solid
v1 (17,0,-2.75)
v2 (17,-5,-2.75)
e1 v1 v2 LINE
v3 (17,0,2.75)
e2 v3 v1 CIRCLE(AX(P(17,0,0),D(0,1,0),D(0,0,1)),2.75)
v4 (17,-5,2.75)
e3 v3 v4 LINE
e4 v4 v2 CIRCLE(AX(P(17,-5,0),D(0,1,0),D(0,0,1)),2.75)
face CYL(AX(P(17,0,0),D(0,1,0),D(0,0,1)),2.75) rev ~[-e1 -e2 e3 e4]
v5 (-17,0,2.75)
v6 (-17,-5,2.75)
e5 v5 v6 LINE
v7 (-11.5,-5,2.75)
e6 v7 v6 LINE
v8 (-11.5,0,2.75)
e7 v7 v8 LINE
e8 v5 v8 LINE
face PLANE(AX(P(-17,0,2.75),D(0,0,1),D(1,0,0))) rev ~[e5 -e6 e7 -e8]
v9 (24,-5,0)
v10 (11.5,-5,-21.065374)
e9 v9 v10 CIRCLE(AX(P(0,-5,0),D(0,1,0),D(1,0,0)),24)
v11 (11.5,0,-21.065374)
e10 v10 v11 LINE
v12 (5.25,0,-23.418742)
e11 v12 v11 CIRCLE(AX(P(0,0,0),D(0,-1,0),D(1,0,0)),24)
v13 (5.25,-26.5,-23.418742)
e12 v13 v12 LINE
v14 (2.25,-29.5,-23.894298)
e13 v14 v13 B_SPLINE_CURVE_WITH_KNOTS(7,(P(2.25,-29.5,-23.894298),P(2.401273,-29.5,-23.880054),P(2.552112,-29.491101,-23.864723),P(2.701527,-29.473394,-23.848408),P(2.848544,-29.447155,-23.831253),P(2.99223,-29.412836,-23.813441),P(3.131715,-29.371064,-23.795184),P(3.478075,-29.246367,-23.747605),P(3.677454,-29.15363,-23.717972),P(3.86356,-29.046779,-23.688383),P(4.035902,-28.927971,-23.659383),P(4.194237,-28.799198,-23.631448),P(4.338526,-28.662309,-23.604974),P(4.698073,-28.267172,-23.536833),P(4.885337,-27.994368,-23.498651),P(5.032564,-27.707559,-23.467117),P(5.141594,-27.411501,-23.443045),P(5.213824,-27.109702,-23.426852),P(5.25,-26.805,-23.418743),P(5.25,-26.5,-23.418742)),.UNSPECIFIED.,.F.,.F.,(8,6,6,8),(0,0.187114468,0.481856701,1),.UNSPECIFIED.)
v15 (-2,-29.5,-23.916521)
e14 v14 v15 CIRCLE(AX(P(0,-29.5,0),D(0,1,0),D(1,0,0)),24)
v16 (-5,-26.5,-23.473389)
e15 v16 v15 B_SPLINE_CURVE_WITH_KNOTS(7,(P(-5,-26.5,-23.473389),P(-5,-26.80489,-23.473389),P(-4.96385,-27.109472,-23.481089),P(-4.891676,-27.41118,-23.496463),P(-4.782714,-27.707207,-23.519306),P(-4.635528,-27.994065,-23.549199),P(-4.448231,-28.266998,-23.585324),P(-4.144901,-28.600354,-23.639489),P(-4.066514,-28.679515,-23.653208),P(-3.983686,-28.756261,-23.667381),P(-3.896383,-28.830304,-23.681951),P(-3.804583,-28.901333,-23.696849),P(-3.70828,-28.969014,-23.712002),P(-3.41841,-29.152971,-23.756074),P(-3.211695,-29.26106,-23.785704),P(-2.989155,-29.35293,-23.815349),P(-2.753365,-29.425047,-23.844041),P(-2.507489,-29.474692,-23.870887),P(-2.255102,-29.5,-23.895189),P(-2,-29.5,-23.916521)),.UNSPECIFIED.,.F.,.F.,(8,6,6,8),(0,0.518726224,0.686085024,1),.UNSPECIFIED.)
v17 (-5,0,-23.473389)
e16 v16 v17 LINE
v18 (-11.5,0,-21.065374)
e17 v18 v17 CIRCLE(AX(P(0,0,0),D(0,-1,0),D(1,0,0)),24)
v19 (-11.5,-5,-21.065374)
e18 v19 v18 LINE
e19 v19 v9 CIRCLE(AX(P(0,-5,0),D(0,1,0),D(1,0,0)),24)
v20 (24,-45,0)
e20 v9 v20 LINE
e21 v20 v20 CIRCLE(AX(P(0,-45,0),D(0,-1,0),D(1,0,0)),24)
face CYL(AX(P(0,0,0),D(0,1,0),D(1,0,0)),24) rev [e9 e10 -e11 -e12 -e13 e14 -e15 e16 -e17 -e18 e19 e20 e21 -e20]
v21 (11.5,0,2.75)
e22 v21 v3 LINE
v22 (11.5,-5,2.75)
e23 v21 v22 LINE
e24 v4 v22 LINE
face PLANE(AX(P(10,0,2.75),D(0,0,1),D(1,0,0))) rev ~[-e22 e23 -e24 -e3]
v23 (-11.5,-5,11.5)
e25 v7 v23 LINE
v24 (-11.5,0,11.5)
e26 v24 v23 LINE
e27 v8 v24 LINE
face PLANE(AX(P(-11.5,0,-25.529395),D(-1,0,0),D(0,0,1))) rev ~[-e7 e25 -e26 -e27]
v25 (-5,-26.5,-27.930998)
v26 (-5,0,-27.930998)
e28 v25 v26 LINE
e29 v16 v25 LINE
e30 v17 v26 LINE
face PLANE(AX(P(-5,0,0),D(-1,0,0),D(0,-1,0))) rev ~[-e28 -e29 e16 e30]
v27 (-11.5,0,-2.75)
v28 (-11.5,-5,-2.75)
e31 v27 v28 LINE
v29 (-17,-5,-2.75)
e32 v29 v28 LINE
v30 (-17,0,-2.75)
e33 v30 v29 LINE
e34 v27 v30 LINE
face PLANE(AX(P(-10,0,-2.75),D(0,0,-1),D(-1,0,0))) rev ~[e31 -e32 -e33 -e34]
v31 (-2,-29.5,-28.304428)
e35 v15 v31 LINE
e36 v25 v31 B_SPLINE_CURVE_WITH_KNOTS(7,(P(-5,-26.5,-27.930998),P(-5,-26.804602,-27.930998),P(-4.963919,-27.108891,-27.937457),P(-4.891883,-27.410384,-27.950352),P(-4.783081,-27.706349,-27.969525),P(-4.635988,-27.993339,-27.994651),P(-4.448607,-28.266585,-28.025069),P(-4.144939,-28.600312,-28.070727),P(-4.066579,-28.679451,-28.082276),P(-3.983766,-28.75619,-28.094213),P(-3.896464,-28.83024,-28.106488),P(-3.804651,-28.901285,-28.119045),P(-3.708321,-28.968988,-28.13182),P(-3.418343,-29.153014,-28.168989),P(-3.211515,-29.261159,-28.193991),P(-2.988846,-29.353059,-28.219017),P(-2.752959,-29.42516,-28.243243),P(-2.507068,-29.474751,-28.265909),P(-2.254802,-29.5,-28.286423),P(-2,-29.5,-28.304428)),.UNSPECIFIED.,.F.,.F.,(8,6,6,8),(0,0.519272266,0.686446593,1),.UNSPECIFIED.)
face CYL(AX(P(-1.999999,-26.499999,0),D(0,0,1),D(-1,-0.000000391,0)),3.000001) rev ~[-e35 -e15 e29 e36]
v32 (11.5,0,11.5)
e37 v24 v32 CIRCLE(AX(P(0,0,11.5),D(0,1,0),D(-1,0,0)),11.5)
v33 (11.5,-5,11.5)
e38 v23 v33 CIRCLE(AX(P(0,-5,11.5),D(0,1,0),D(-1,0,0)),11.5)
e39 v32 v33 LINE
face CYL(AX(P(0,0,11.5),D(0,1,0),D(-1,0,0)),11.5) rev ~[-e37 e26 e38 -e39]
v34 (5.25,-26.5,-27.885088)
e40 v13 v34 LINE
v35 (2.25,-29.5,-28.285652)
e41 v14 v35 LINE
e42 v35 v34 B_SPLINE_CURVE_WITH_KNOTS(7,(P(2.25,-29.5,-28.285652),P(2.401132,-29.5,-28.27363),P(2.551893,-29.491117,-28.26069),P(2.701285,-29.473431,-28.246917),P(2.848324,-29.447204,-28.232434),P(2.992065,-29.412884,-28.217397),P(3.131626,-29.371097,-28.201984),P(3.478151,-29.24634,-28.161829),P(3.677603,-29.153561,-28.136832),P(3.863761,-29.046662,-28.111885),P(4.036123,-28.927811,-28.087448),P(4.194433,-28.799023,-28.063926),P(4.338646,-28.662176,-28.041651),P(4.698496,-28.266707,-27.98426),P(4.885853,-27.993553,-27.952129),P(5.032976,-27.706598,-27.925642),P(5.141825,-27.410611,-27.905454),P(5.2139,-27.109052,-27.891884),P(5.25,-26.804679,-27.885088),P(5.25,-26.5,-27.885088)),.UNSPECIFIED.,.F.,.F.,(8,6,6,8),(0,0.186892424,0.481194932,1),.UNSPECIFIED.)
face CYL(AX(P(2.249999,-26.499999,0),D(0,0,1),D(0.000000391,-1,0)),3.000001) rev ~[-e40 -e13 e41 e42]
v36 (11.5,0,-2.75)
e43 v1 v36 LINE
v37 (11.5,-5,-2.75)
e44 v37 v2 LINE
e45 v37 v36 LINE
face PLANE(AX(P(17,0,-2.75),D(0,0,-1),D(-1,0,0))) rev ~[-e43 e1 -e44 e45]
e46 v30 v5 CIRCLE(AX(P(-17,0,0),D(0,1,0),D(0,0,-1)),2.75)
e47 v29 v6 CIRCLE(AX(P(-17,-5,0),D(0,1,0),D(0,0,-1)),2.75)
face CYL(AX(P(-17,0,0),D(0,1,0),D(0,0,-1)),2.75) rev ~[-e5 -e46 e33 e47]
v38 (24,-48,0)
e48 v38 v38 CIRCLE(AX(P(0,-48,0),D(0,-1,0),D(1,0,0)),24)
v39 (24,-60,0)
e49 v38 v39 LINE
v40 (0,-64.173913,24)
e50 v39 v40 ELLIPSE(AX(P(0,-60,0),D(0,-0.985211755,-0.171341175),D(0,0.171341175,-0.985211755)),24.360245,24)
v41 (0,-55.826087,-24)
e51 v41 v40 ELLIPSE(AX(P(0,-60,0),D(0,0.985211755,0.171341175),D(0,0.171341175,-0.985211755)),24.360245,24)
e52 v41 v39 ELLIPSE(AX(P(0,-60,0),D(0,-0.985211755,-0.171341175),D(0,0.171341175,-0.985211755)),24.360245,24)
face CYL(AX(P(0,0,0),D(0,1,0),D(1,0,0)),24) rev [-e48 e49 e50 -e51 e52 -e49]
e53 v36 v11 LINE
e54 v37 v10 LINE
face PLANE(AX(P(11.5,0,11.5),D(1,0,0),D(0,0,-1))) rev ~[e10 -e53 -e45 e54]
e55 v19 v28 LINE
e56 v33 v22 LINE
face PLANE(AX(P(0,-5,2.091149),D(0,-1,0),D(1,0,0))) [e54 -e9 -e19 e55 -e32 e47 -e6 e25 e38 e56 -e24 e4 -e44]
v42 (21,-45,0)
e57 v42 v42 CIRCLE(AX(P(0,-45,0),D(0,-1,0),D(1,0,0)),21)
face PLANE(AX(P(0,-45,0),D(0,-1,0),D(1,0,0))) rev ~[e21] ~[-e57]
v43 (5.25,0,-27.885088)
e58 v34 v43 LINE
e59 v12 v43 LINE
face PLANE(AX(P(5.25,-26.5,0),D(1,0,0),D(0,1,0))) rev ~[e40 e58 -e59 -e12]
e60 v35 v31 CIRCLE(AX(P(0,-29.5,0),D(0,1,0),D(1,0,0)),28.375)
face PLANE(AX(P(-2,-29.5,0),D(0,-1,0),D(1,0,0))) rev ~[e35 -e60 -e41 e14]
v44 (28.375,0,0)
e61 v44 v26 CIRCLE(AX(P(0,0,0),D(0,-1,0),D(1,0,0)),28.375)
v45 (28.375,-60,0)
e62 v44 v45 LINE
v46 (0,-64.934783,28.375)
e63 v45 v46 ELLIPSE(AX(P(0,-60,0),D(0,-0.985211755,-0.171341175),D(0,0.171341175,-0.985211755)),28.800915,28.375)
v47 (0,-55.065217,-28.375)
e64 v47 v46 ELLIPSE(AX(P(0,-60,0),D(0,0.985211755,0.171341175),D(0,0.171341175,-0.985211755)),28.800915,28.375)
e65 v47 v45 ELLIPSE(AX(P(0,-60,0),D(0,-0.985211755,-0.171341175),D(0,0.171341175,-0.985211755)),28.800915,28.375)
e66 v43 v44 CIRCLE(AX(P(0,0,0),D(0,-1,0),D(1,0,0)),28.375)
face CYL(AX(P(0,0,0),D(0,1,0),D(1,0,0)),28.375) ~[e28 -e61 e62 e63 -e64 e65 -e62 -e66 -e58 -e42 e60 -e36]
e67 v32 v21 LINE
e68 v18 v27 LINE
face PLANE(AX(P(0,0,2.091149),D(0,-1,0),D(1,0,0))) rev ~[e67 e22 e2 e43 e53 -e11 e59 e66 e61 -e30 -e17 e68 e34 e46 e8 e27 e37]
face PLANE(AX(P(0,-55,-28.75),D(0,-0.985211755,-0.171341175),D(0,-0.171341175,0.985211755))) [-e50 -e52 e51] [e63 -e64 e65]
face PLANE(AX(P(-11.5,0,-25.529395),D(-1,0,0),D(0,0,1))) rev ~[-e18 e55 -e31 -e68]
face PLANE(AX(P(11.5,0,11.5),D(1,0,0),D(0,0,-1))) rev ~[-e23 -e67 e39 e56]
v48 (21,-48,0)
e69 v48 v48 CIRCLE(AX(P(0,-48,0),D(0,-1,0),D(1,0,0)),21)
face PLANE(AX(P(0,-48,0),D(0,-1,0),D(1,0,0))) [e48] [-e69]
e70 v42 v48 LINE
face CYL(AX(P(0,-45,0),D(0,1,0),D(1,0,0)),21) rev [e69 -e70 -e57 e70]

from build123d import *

# Parameters (mm, degrees)
F0_R          = 28.375
F0_R_2        = 24
F1_DEPTH      = 65
F3_DEPTH      = 35
F3_DEPTH_BACK = 35
F5_DEPTH      = 35
F7_DEPTH      = 5
F9_DEPTH      = 25
F11_R         = 24
F11_R_2       = 21
F12_DEPTH     = 3


with BuildPart() as f1:
    # F0 (on Front) → F1 (new body)
    with BuildSketch(Plane.XZ):
        Circle(F0_R)
        Circle(F0_R_2, mode=Mode.SUBTRACT)
    extrude(amount=F1_DEPTH)

    # F2 (on Right) → F3 (cut, two sides)
    with BuildSketch(Plane.YZ) as f3_sk:
        Polygon((-55, -28.75), (-65, 28.75), (-65, -28.75), align=None)
    extrude(amount=F3_DEPTH, mode=Mode.SUBTRACT)
    extrude(f3_sk.sketch, amount=-F3_DEPTH_BACK, mode=Mode.SUBTRACT)

    # F4 (on Top) → F5 (cut)
    with BuildSketch(Plane.XY):
        with BuildLine():
            Line((5.25, 0), (-5, 0))
            Line((-5, 0), (-5, -26.5))
            ThreePointArc((-5, -26.5), (-4.12132, -28.62132), (-2, -29.5))
            Line((-2, -29.5), (2.25, -29.5))
            ThreePointArc((2.25, -29.5), (4.37132, -28.62132), (5.25, -26.5))
            Line((5.25, -26.5), (5.25, 0))
        make_face()
    extrude(amount=-F5_DEPTH, mode=Mode.SUBTRACT)

    # F6 (on Front) → F7 (join)
    with BuildSketch(Plane.XZ):
        with BuildLine():
            Line((11.5, 11.5), (11.5, -25.529395))
            ThreePointArc((11.5, -25.529395), (0, 28), (-11.5, -25.529395))
            Line((-11.5, -25.529395), (-11.5, 11.5))
            ThreePointArc((-11.5, 11.5), (0, 23), (11.5, 11.5))
        make_face()
    extrude(amount=F7_DEPTH)

    # F8 (on face) → F9 (cut)
    with BuildSketch(Plane(origin=(0, 0, 0), x_dir=(-1, 0, 0), z_dir=(0, 1, 0))):
        with BuildLine():
            Line((-17, -2.75), (-10, -2.75))
            ThreePointArc((-10, -2.75), (-7.25, 0), (-10, 2.75))
            Line((-10, 2.75), (-17, 2.75))
            ThreePointArc((-17, 2.75), (-19.75, 0), (-17, -2.75))
        make_face()
        with BuildLine():
            Line((17, 2.75), (10, 2.75))
            ThreePointArc((10, 2.75), (7.25, 0), (10, -2.75))
            Line((10, -2.75), (17, -2.75))
            ThreePointArc((17, -2.75), (19.75, 0), (17, 2.75))
        make_face()
    extrude(amount=-F9_DEPTH, mode=Mode.SUBTRACT)

    # F11 (on offset) → F12 (join)
    with BuildSketch(Plane.XZ.offset(45)):
        Circle(F11_R)
        Circle(F11_R_2, mode=Mode.SUBTRACT)
    extrude(amount=F12_DEPTH)


solid = f1.part
